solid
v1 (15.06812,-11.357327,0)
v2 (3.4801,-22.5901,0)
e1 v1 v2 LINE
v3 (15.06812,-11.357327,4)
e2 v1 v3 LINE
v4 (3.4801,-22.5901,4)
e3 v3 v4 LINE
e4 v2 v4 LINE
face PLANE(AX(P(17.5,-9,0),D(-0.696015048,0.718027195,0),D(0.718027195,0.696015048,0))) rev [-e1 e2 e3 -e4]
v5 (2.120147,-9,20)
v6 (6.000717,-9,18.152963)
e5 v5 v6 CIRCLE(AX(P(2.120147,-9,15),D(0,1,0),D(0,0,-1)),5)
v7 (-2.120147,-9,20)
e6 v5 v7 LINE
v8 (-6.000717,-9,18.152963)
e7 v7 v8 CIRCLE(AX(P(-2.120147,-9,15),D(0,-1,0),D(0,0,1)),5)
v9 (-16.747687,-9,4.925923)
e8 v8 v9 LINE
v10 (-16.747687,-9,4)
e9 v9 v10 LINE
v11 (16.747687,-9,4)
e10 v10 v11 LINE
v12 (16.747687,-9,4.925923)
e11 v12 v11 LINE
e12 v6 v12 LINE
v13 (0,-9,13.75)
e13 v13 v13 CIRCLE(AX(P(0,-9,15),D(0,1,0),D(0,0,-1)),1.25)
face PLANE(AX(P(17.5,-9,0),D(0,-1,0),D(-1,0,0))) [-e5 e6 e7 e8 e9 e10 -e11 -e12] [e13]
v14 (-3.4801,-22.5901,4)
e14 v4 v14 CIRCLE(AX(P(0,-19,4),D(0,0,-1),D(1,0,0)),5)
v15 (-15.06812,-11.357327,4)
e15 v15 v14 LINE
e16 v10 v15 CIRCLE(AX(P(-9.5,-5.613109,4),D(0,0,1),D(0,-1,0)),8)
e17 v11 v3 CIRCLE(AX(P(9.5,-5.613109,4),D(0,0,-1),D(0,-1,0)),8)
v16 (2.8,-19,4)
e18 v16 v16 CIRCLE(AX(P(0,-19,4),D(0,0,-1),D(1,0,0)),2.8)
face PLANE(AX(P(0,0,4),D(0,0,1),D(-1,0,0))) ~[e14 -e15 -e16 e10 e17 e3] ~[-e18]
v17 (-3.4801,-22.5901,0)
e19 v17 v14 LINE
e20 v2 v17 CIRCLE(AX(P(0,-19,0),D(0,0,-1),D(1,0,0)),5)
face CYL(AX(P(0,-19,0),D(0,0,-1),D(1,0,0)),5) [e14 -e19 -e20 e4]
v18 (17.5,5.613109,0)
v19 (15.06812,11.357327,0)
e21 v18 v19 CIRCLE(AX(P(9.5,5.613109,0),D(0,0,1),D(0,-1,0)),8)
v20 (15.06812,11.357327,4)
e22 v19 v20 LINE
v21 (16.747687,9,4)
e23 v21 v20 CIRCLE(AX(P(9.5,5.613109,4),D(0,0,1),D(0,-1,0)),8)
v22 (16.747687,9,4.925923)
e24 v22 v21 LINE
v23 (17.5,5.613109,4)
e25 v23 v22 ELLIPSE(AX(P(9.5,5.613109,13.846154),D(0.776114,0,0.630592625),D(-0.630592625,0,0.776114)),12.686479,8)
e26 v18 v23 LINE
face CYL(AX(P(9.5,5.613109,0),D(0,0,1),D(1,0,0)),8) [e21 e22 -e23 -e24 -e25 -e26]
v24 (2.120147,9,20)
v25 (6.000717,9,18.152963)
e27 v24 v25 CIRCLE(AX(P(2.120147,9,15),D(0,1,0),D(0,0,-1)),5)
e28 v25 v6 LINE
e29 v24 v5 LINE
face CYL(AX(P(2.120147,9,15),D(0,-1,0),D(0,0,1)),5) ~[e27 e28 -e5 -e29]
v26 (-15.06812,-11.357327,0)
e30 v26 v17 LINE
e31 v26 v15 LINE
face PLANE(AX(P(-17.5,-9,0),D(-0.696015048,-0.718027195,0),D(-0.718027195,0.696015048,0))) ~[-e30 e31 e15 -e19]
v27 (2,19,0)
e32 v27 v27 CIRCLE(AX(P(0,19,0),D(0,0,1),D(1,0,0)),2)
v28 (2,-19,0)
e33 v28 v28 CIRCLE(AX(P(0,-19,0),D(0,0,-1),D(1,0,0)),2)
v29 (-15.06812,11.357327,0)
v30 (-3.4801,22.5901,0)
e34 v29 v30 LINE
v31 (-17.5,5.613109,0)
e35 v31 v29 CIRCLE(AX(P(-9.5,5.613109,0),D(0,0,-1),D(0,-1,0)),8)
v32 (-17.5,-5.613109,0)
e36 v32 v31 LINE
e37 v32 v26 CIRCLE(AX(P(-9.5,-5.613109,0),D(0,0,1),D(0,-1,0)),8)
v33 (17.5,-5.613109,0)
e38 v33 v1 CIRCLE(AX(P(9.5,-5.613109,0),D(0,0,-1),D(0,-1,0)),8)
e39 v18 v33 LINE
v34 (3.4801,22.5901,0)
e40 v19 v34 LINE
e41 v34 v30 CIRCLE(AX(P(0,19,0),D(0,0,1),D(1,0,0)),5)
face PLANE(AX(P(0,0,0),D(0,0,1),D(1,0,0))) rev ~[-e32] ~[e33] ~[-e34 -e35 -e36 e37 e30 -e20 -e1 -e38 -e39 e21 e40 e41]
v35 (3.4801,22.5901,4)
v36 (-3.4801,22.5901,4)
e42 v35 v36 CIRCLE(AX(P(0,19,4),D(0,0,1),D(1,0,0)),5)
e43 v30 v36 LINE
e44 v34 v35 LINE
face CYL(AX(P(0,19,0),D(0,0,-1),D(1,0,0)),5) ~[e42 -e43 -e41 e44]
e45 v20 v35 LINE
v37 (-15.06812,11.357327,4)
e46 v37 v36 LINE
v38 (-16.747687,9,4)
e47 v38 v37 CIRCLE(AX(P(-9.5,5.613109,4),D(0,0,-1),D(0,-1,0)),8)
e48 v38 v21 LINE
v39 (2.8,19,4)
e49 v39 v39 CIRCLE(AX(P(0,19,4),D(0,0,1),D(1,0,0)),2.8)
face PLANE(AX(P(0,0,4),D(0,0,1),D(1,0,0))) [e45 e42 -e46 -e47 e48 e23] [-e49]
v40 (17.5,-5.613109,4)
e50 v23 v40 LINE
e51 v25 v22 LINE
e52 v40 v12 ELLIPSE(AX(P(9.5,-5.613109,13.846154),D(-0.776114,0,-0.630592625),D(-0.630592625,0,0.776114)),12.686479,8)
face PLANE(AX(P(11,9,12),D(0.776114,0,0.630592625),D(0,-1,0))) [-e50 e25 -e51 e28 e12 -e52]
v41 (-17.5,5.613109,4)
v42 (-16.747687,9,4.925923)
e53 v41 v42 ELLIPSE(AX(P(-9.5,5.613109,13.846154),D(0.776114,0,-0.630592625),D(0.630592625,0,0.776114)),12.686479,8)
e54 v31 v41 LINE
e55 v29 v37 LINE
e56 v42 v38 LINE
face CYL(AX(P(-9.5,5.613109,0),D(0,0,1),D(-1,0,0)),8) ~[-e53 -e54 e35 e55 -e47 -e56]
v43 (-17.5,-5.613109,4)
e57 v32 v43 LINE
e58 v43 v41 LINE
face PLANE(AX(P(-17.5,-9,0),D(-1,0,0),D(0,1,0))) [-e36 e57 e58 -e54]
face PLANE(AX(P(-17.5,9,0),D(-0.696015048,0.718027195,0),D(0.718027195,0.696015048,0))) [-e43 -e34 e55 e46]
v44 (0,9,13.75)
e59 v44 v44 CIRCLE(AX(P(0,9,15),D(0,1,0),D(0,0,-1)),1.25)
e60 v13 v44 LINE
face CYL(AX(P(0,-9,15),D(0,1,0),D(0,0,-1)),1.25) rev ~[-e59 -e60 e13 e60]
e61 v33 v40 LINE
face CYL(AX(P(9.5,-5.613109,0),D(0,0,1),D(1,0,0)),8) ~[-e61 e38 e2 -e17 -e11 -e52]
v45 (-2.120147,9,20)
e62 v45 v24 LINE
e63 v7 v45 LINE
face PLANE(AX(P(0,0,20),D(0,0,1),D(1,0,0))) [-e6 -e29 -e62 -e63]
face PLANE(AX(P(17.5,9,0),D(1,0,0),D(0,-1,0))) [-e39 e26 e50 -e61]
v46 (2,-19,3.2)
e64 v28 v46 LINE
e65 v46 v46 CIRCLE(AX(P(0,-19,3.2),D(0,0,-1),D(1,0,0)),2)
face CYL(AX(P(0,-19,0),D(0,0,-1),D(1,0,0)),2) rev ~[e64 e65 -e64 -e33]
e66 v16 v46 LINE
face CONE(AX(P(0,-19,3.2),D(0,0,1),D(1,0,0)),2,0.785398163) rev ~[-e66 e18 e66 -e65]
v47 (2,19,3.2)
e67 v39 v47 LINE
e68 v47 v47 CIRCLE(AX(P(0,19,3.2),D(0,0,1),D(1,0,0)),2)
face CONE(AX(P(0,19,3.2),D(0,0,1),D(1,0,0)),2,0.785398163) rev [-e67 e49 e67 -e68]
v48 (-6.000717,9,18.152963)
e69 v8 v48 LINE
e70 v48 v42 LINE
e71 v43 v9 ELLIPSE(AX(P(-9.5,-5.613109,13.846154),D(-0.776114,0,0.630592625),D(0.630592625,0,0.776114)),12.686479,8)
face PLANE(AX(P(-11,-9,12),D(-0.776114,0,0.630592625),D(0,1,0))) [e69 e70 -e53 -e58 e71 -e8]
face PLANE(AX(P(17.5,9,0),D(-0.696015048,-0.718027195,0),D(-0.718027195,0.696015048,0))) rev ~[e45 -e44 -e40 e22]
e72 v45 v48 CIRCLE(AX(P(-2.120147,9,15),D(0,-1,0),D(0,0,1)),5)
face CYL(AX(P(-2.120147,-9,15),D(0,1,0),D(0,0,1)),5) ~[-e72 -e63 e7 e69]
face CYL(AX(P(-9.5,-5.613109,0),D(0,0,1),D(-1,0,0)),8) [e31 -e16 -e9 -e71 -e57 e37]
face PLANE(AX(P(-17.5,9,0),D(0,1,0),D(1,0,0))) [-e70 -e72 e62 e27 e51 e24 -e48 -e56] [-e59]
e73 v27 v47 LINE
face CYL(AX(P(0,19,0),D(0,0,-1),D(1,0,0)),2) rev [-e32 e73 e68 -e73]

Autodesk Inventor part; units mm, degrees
ref_plane "YZ Plane" through (0, 0, 0) normal (1, 0, 0) x (0, 1, 0)
ref_plane "XZ Plane" through (0, 0, 0) normal (0, 1, 0) x (-1, 0, 0)
ref_plane "XY Plane" through (0, 0, 0) normal (0, 0, 1) x (1, 0, 0)
sketch "Sketch1" plane through (0, 0, 0) normal (0, 0, 1) x (1, 0, 0)
  line L0 (-17.5, 9) -> (17.5, 9)
  line L1 (17.5, 9) -> (17.5, -9)
  line L2 (17.5, -9) -> (-17.5, -9)
  line L3 (-17.5, -9) -> (-17.5, 9)
  circle A0 centre (0, 19) radius 5
  line L4 (-17.5, 9) -> (-3.4801, 22.5901)
  line L5 (17.5, 9) -> (3.4801, 22.5901)
  circle A1 centre (0, 19) radius 2
  point P0 (0, 0)
  dimension "d0" = 35
  dimension "d1" = 18
  dimension "d5" = 17.5
  dimension "d6" = 9
  dimension "d13" = 10
  dimension "d14" = 10
  dimension "d15" = 4
extrude "Extrusion1" add sketch "Sketch1" along normal blind 20 contours L0 L1 L2 L3
extrude "Extrusion3" add sketch "Sketch1" along normal blind 4 contours L4 A0 L5 L0 | A0
mirror "Mirror3" about plane through (0, 0, 0) normal (0, 1, 0) of "Extrusion3"
chamfer "Chamfer1" distance 13 distance2 16 1 edges at (17.5, 0, 20) measured on face at (5.8333, -3, 20)
chamfer "Chamfer2" distance 13 distance2 16 1 edges at (-17.5, 0, 20) measured on face at (-10.1667, 3, 20)
sketch "Sketch2" plane through (-17.5, -9, 4) normal (0, -1, 0) x (1, 0, 0)
  line L0 (0, 0) -> (13, 16) projected
  line L1 (0, 0) -> (35, 0) projected
  line L2 (22, 16) -> (35, 0) projected
  line L3 (13, 16) -> (22, 16) projected
  point P0 (17.5, -4)
  point P1 (17.5, 11)
  dimension "d24" = 35
  dimension "d25" = 17.5
  dimension "d26" = 5
hole "Hole1" at (0, -9, 15) direction (0, 1, 0) diameter 2.5 end through all
fillet "Fillet1" radius 5 2 edges at (-4.5, 0, 20) (4.5, 0, 20)
fillet "Fillet2" radius 8 4 edges at (-17.5, -9, 2) (-17.5, 9, 2) (17.5, -9, 2) (17.5, 9, 2)
chamfer "Chamfer3" distance 0.8 angle 45 2 edges at (-2, -19, 4) (-2, 19, 4)
equation "\"d5\" = 0.5 * d0"
equation "\"d6\" = 0.5 * d1"
equation "\"d25\" = 0.5 * d24"
properties part number "3DP_PLA_Measurement_Rail_Base" material "ABS Plastic"
